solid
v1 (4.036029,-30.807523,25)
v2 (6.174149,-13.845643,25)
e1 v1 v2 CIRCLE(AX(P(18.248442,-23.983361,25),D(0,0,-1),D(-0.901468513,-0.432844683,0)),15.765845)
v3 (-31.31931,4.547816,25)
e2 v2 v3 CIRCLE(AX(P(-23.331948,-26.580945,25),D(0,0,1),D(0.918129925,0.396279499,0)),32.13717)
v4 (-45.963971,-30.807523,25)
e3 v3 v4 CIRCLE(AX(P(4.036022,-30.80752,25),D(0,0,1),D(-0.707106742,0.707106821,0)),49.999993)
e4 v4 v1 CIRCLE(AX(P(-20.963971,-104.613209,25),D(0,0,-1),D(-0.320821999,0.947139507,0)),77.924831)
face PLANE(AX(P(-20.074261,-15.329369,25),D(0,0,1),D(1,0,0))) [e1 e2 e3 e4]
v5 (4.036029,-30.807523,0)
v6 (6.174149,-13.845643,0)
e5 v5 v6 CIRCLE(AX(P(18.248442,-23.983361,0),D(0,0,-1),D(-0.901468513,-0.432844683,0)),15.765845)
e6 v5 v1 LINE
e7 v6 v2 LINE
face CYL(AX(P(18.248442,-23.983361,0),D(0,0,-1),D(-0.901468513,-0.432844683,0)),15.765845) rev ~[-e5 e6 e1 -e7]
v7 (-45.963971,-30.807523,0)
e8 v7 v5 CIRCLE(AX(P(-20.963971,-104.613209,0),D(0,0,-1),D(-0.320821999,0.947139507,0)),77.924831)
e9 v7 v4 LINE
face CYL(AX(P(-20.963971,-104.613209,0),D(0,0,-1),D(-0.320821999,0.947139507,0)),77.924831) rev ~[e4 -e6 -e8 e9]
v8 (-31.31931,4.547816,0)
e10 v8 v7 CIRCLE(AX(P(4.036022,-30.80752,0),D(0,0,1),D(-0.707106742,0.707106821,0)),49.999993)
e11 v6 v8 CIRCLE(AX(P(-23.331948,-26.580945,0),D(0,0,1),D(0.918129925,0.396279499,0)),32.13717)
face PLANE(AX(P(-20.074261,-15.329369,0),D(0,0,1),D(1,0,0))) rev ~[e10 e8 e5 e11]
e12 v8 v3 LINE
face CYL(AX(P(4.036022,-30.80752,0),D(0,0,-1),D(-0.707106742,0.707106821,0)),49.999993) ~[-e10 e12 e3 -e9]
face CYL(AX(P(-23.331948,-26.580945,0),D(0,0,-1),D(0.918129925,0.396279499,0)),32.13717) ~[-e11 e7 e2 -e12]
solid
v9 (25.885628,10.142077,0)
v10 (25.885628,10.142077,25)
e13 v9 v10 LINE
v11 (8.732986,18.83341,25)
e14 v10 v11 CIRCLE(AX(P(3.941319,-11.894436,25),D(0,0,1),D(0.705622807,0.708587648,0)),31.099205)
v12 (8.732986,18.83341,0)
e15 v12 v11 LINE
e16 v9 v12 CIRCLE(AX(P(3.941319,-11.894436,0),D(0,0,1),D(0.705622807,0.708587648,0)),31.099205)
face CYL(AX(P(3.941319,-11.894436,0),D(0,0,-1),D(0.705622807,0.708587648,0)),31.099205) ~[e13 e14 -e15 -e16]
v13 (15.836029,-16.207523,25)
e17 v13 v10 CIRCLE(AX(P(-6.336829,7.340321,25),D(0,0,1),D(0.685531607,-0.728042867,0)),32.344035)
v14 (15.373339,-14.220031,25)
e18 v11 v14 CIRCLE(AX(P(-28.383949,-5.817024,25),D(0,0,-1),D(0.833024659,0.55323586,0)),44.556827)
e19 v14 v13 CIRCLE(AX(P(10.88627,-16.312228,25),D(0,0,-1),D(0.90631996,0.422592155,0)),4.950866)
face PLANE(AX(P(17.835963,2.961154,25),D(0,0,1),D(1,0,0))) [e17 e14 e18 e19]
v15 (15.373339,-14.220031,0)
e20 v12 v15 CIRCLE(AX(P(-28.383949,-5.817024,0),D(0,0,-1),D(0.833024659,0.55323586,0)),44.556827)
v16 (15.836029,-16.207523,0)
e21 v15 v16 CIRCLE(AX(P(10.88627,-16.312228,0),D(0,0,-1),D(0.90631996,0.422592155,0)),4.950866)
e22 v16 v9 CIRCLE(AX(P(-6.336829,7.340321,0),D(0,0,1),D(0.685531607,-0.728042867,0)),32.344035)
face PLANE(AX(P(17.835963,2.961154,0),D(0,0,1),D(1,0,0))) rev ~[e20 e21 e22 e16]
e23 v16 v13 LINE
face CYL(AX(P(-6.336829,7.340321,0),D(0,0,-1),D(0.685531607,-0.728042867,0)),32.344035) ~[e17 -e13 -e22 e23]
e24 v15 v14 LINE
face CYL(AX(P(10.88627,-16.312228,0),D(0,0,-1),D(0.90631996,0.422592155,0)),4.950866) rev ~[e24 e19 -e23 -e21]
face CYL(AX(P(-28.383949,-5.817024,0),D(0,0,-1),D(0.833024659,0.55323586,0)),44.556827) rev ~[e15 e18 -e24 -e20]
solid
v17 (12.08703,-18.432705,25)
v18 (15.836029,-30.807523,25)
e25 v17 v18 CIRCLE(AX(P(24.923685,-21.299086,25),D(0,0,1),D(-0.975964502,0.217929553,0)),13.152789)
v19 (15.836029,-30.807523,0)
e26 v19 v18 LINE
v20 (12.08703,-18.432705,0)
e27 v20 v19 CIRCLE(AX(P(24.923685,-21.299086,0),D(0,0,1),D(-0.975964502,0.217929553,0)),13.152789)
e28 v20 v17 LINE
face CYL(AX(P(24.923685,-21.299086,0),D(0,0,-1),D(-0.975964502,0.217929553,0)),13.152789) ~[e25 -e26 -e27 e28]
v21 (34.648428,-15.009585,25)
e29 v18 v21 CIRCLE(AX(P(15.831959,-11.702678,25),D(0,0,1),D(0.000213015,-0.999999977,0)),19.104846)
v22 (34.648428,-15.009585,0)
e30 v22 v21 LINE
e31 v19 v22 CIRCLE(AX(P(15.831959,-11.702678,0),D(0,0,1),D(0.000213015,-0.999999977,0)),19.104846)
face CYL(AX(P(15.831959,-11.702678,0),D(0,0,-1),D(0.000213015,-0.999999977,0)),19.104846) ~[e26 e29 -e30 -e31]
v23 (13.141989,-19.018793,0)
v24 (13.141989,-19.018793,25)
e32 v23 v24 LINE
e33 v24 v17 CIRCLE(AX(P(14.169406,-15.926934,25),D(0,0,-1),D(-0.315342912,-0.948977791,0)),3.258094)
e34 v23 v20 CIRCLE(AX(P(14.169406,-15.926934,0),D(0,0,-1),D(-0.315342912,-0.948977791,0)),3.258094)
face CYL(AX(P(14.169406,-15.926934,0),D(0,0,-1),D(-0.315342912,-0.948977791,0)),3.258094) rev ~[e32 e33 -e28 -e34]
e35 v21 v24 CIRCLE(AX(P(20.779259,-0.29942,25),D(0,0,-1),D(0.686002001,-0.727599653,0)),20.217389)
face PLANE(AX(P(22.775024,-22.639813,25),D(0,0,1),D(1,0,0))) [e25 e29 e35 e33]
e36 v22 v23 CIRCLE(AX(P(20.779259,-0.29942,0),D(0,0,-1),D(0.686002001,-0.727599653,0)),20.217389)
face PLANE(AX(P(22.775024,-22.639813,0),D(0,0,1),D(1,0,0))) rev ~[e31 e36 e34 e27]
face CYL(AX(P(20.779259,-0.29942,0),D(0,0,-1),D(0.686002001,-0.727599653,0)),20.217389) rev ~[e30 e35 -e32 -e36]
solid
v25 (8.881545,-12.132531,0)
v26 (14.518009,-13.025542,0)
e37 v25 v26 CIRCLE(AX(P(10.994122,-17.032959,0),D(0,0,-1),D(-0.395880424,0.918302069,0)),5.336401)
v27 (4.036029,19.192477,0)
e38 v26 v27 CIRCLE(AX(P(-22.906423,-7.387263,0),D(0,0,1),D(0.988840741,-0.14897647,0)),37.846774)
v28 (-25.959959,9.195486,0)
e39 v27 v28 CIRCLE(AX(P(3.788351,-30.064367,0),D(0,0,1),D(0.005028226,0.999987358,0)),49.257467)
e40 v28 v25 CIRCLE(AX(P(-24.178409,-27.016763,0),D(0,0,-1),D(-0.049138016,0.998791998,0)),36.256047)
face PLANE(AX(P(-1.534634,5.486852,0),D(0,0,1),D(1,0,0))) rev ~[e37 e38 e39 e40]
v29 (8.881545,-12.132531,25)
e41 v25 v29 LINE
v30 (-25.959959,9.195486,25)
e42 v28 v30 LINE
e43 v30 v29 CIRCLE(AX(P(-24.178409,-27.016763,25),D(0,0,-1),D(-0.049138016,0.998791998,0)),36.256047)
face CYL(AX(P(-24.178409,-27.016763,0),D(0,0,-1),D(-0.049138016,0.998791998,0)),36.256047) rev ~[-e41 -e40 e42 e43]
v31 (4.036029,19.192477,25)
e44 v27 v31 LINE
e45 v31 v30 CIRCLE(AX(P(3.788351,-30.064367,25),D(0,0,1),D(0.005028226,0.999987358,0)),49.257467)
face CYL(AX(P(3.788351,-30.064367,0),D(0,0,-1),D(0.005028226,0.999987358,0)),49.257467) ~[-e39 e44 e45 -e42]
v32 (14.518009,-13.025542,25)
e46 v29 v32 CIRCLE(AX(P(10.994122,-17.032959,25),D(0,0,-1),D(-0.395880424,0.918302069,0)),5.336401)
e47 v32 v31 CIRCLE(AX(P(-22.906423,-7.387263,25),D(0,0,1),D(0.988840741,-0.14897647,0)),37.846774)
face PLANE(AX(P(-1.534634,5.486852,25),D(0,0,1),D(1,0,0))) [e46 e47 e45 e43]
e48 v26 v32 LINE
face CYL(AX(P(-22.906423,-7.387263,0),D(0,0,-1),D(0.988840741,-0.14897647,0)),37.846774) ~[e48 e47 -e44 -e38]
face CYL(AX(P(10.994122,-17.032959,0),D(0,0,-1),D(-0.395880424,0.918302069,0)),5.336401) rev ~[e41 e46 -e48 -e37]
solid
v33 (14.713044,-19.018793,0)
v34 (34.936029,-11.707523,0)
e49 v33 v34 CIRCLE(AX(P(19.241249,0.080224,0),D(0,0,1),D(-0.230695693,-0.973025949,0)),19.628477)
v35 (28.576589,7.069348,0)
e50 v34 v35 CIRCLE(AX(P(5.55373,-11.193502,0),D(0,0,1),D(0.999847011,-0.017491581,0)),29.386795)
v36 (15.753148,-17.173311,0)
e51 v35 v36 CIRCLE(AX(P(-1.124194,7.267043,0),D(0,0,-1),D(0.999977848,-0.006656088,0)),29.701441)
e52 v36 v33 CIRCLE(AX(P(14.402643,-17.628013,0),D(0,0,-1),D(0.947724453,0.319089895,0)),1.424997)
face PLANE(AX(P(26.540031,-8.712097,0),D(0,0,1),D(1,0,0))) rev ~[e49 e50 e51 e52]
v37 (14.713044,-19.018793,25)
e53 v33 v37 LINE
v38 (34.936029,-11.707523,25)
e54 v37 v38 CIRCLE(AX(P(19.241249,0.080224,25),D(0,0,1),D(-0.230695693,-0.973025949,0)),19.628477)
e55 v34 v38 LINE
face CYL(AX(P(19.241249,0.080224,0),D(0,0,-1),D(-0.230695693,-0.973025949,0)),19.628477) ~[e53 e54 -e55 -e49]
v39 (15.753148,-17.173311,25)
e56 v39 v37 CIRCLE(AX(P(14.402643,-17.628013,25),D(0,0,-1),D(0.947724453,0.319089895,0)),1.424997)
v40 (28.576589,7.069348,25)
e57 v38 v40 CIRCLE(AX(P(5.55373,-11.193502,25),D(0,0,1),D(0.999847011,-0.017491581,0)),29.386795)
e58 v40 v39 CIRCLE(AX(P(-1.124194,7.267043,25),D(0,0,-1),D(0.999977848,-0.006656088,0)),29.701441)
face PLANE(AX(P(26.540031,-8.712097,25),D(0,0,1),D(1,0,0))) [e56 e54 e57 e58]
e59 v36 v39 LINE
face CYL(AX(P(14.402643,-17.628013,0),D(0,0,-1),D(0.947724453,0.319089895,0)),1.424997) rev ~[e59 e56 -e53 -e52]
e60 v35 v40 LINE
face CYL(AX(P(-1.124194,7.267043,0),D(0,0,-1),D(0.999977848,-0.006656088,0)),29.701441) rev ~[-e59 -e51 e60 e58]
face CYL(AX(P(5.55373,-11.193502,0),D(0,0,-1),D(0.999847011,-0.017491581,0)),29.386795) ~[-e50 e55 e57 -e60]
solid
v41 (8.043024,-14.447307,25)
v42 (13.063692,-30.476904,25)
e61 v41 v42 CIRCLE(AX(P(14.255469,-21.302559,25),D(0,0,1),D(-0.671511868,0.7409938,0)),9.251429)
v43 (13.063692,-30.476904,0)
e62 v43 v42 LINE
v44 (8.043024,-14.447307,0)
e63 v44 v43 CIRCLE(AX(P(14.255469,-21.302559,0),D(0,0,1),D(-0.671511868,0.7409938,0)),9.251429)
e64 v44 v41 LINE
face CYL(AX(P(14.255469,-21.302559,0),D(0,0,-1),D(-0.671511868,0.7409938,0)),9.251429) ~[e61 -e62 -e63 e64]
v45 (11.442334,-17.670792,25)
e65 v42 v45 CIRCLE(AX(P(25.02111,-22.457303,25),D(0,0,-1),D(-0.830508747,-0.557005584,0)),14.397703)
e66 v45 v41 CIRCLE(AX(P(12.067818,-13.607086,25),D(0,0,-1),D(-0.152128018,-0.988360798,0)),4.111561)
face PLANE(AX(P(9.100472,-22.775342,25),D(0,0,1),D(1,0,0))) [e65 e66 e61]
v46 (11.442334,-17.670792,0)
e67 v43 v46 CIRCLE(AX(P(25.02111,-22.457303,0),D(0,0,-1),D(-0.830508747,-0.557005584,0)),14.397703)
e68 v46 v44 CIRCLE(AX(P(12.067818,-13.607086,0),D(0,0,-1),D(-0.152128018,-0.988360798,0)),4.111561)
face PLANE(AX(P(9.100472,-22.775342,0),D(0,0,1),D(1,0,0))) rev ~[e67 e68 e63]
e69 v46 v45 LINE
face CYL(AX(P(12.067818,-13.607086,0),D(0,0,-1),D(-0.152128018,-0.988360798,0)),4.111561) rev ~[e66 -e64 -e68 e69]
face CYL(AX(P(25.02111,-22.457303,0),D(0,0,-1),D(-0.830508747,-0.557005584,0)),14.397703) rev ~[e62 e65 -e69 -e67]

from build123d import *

# Parameters (mm, degrees)
F1_DEPTH = 25


with BuildPart() as f1:
    # F0 (on Top) → F1 (new body)
    with BuildSketch(Plane.XY):
        with BuildLine():
            ThreePointArc((6.174149, -13.845643), (-9.177662, 2.271332), (-31.31931, 4.547816))
            ThreePointArc((-31.31931, 4.547816), (-42.157948, -11.673351), (-45.963971, -30.807523))
            ThreePointArc((-45.963971, -30.807523), (-20.963971, -26.688378), (4.036029, -30.807523))
            ThreePointArc((4.036029, -30.807523), (2.606381, -22.01161), (6.174149, -13.845643))
        make_face()
        with BuildLine():
            ThreePointArc((14.518009, -13.025542), (13.083494, 4.321886), (4.036029, 19.192477))
            ThreePointArc((4.036029, 19.192477), (-11.785884, 16.66615), (-25.959959, 9.195486))
            ThreePointArc((-25.959959, 9.195486), (-5.249444, 3.905643), (8.881545, -12.132531))
            ThreePointArc((8.881545, -12.132531), (11.829177, -11.762299), (14.518009, -13.025542))
        make_face()
        with BuildLine():
            ThreePointArc((15.836029, -16.207523), (23.883825, -4.185678), (25.885628, 10.142077))
            ThreePointArc((25.885628, 10.142077), (17.997916, 15.846737), (8.732986, 18.83341))
            ThreePointArc((8.732986, 18.83341), (15.300058, 2.958983), (15.373339, -14.220031))
            ThreePointArc((15.373339, -14.220031), (15.708195, -15.189679), (15.836029, -16.207523))
        make_face()
        with BuildLine():
            ThreePointArc((14.713044, -19.018793), (25.914836, -18.378929), (34.936029, -11.707523))
            ThreePointArc((34.936029, -11.707523), (33.387484, -1.766633), (28.576589, 7.069348))
            ThreePointArc((28.576589, 7.069348), (25.130464, -6.620668), (15.753148, -17.173311))
            ThreePointArc((15.753148, -17.173311), (15.644055, -18.327666), (14.713044, -19.018793))
        make_face()
        with BuildLine():
            ThreePointArc((12.08703, -18.432705), (12.335878, -25.112611), (15.836029, -30.807523))
            ThreePointArc((15.836029, -30.807523), (28.118003, -26.333066), (34.648428, -15.009585))
            ThreePointArc((34.648428, -15.009585), (24.484334, -20.17441), (13.141989, -19.018793))
            ThreePointArc((13.141989, -19.018793), (12.587136, -18.775021), (12.08703, -18.432705))
        make_face()
        with BuildLine():
            ThreePointArc((11.442334, -17.670792), (9.238686, -16.590532), (8.043024, -14.447307))
            ThreePointArc((8.043024, -14.447307), (5.426957, -24.067758), (13.063692, -30.476904))
            ThreePointArc((13.063692, -30.476904), (10.737433, -24.265732), (11.442334, -17.670792))
        make_face()
    extrude(amount=F1_DEPTH)


solid = f1.part
